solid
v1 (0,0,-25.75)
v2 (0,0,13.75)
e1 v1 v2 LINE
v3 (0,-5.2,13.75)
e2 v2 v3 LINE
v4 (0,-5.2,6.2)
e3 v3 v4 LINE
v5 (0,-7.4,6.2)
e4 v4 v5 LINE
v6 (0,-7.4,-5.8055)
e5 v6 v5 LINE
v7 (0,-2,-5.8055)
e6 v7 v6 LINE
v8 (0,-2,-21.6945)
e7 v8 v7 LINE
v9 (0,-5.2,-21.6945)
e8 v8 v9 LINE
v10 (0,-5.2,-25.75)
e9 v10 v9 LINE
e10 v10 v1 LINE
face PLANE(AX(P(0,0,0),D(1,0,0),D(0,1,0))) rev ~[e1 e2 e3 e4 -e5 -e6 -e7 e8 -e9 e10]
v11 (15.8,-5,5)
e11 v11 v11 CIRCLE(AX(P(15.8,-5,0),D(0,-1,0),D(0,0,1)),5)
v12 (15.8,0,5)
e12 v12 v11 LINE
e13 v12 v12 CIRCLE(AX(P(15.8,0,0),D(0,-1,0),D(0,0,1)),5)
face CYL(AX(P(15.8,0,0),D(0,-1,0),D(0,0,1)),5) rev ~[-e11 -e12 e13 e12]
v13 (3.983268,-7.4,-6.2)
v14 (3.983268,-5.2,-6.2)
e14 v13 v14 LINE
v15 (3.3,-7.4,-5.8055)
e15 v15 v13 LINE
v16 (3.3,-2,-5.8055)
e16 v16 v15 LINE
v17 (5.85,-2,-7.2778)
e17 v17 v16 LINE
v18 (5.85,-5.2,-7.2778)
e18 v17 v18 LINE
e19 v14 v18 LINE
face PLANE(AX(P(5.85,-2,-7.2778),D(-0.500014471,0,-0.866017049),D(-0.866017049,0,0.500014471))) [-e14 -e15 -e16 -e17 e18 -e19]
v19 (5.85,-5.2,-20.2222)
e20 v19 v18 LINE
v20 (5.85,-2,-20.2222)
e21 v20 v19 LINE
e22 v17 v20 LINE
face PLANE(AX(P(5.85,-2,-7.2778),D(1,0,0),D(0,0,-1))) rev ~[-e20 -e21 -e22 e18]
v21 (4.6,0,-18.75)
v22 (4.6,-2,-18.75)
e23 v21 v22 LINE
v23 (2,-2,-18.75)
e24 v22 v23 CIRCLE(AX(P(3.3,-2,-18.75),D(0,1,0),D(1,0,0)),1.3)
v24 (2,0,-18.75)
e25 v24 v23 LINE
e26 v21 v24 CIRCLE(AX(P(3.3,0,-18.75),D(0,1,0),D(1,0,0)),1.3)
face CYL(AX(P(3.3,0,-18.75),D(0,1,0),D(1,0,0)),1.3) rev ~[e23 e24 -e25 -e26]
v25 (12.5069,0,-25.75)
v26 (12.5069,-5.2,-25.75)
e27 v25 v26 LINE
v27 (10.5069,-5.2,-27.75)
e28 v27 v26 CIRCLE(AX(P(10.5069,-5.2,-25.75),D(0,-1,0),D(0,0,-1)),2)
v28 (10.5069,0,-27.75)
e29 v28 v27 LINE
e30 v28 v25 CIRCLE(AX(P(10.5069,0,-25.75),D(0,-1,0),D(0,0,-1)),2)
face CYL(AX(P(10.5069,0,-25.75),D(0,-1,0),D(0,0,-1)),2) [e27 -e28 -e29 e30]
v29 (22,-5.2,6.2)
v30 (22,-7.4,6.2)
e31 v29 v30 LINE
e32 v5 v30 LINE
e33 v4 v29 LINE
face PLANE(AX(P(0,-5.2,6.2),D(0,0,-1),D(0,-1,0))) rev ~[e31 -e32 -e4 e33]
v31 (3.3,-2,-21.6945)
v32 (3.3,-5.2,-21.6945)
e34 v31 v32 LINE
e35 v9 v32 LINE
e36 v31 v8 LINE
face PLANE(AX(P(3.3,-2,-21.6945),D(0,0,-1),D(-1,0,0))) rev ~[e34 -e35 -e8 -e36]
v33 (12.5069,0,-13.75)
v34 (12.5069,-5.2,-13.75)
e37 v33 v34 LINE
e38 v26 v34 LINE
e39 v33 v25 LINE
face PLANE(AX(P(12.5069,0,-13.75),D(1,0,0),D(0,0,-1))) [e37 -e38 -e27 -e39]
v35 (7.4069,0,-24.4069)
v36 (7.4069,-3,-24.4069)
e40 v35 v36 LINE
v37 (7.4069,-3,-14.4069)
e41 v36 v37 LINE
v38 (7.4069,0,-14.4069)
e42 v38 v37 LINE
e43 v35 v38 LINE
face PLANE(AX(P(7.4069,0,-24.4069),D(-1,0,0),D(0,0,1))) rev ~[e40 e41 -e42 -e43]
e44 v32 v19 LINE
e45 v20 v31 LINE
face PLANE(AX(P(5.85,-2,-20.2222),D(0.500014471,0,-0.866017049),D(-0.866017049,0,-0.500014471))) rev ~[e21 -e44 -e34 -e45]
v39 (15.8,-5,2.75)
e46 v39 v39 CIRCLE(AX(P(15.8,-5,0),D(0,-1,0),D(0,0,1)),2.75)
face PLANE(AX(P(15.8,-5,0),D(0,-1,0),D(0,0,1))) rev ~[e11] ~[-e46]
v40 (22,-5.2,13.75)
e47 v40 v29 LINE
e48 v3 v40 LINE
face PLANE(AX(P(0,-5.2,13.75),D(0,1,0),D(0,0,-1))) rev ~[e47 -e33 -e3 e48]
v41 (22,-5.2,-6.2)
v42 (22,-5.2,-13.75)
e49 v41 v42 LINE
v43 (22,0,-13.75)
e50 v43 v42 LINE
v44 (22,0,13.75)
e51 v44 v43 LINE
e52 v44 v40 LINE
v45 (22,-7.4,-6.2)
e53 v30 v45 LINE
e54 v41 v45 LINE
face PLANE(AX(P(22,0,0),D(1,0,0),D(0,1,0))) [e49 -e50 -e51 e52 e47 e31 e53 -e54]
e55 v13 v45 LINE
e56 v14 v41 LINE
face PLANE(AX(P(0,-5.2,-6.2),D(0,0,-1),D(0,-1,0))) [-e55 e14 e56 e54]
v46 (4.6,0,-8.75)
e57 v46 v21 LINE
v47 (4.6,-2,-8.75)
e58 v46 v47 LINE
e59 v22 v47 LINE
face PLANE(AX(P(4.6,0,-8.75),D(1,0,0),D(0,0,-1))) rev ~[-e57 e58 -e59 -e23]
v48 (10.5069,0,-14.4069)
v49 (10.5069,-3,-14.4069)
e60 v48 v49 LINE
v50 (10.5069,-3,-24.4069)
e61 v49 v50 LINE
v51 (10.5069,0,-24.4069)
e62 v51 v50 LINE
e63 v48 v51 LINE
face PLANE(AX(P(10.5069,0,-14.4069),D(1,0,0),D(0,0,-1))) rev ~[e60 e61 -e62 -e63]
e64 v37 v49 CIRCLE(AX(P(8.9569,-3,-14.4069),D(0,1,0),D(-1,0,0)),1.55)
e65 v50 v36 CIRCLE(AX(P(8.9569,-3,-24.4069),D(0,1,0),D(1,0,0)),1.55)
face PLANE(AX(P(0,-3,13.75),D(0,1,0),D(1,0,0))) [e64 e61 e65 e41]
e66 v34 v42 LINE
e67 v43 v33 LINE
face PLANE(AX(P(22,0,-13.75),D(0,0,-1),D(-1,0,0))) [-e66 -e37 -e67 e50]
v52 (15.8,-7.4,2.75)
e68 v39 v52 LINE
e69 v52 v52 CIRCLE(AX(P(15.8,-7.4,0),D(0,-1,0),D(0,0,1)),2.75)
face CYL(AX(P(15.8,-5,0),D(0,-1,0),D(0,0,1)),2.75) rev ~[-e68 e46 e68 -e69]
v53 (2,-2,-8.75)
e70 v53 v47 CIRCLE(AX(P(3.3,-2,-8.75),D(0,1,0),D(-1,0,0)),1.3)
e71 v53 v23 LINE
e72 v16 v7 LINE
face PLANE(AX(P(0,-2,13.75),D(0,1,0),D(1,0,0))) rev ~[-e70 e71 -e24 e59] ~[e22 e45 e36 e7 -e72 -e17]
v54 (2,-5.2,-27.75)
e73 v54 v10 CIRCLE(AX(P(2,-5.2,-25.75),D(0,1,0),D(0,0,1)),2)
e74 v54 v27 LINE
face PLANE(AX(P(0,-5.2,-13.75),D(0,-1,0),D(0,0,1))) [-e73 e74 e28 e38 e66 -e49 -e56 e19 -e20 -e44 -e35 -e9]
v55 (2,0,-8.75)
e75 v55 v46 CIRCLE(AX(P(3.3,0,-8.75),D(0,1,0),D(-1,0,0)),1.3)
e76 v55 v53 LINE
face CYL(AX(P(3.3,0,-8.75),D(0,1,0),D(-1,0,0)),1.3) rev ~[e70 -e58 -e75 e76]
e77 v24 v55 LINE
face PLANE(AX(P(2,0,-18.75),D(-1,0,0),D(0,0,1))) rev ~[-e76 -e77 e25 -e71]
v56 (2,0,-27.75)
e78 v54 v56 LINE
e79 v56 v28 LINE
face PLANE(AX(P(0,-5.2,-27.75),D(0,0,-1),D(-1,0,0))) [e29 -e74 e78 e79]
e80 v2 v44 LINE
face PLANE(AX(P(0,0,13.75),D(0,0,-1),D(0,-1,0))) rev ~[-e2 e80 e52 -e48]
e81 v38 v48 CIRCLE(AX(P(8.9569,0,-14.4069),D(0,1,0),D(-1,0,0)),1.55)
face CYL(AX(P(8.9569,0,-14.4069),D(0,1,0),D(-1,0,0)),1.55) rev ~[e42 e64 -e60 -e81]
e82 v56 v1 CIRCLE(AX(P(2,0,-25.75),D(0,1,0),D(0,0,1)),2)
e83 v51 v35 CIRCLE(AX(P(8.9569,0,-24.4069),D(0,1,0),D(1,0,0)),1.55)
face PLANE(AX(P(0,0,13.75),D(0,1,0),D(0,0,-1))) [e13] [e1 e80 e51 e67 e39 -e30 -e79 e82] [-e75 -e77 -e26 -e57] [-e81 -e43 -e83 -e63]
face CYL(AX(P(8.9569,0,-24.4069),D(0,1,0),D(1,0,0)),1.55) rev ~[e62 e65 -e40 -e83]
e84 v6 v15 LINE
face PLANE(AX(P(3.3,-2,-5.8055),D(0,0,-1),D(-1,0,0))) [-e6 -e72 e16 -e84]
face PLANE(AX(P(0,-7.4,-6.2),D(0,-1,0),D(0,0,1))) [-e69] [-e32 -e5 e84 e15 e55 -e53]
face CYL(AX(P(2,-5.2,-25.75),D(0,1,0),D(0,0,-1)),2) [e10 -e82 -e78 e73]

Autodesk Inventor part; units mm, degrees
ref_plane "YZ Plane" through (0, 0, 0) normal (1, 0, 0) x (0, 1, 0)
ref_plane "XZ Plane" through (0, 0, 0) normal (0, 1, 0) x (-1, 0, 0)
ref_plane "XY Plane" through (0, 0, 0) normal (0, 0, 1) x (1, 0, 0)
sketch "Sketch1" plane through (0, 0, 0) normal (1, 0, 0) x (0, 1, 0)
  line L0 (0, 13.75) -> (-5.2, 13.75)
  line L1 (-5.2, 13.75) -> (-5.2, 6.2)
  line L2 (-5.2, 6.2) -> (-7.4, 6.2)
  line L3 (-7.4, 6.2) -> (-7.4, 2.5)
  line L4 (-7.4, 2.5) -> (-13.4, 2.5) construction
  line L5 (-13.4, 2.5) -> (-13.4, -1.6142) construction
  line L6 (-16.08, 0) -> (2.68, 0) construction
  line L7 (0, -13.75) -> (-5.2, -13.75)
  line L8 (-5.2, -13.75) -> (-5.2, -6.2)
  line L9 (-5.2, -6.2) -> (-7.4, -6.2)
  line L10 (-7.4, -6.2) -> (-7.4, -2.5)
  line L11 (-7.4, -2.5) -> (-13.4, -2.5) construction
  line L12 (-13.4, -2.5) -> (-13.4, -1.6142) construction
  line L13 (0, 13.75) -> (0, -13.75)
  line L14 (-7.4, 2.5) -> (-7.4, -2.5)
  point P0 (0, 0)
  dimension "d1" = 5
  dimension "d2" = 3.7
  dimension "d3" = 6
  dimension "d4" = 2.2
  dimension "d5" = 5.2
  dimension "d52" = 27.5
  dimension "d53" = 7.55
extrude "Extrusion1" add sketch "Sketch1" along normal blind 22
sketch "Sketch2" plane through (0, -5.2, -13.75) normal (0, 0, -1) x (-1, 0, 0)
  line L0 (0, 0) -> (0, 5.2) projected
  line L1 (0, 5.2) -> (-22, 5.2) projected
  line L2 (-22, 0) -> (-22, 5.2) projected
  line L3 (0, 0) -> (-22, 0) projected
  point P0 (0, 5.2)
extrude "Extrusion2" add sketch "Sketch2" along normal blind 14
sketch "Sketch3" plane through (0, 0, 13.75) normal (0, 1, 0) x (1, 0, 0)
  circle A0 centre (3.3, 22.5) radius 1.3 construction
  circle A1 centre (8.9569, 28.1569) radius 1.55 construction
  line L0 (3.3, 22.5) -> (8.9569, 28.1569) construction
  line L1 (8.9569, 28.1569) -> (2.1344, 28.1569) construction
  line L2 (0, 0) -> (22, 0) construction
  line L3 (22, 41.5) -> (0, 41.5) construction
  line L4 (3.3, 22.5) -> (3.3, 32.5) construction
  line L5 (8.9569, 28.1569) -> (8.9569, 38.1569) construction
  line L6 (0, 0) -> (0, 41.5) projected
  point P0 (0, 13.75)
  point P1 (6.1284, 25.3284)
  point P2 (3.3, 27.5)
  point P3 (0, 19.95)
  point P4 (0, 27.5)
  point P5 (0, 27.5)
  point P6 (0, 27.5)
  dimension "d10" = 2.6
  dimension "d11" = 3.1
  dimension "d12" = 45
  dimension "d17" = 5
  dimension "d43" = 3.3
  dimension "d44" = 8
  dimension "d46" = 0
sketch "Sketch4" plane through (0, 0, 13.75) normal (0, 1, 0) x (1, 0, 0)
  line L0 (8.9569, 28.1569) -> (8.9569, 38.1569) construction
  line L1 (3.3, 22.5) -> (3.3, 32.5) construction
  line L2 (8.9569, 28.1569) -> (8.9569, 38.1569) construction
  line L3 (10.5069, 28.1569) -> (10.5069, 38.1569)
  line L4 (7.4069, 38.1569) -> (7.4069, 28.1569)
  arc A0 (7.4069, 28.1569) -> (10.5069, 28.1569) centre (8.9569, 28.1569) ccw
  arc A1 (10.5069, 38.1569) -> (7.4069, 38.1569) centre (8.9569, 38.1569) ccw
  circle A2 centre (8.9569, 28.1569) radius 1.55 construction
  circle A3 centre (3.3, 22.5) radius 1.3 construction
  line L5 (3.3, 22.5) -> (3.3, 32.5) construction
  line L6 (4.6, 22.5) -> (4.6, 32.5)
  line L7 (2, 32.5) -> (2, 22.5)
  arc A4 (2, 22.5) -> (4.6, 22.5) centre (3.3, 22.5) ccw
  arc A5 (4.6, 32.5) -> (2, 32.5) centre (3.3, 32.5) ccw
  point P0 (0, 13.75)
  point P1 (8.9569, 33.1569)
  point P2 (3.3, 27.5)
extrude "Extrusion3" cut sketch "Sketch4" against normal blind 3
sketch "Sketch5" plane through (0, 0, 13.75) normal (0, 1, 0) x (1, 0, 0)
  point P0 (0, 13.75)
ref_plane "Work Plane1" through (0, -2, 13.75) normal (0, 1, 0) x (1, 0, 0)
sketch "Sketch6" plane through (0, -2, 13.75) normal (0, 1, 0) x (1, 0, 0)
  line L0 (0.75, 23.9722) -> (3.3, 25.4445) construction
  line L1 (3.3, 25.4445) -> (5.85, 23.9722) construction
  line L2 (5.85, 23.9722) -> (5.85, 21.0278) construction
  line L3 (5.85, 21.0278) -> (3.3, 19.5555)
  line L4 (0.75, 21.0278) -> (0.75, 23.9722) construction
  line L5 (2, 22.5) -> (2, 32.5) construction
  line L6 (2, 27.5) -> (4.6, 27.5) construction
  line L7 (4.6, 32.5) -> (4.6, 22.5) construction
  line L8 (5.85, 33.9722) -> (3.3, 35.4445)
  line L9 (5.85, 21.0278) -> (5.85, 33.9722)
  line L10 (3.3, 19.5555) -> (0, 19.5555)
  line L11 (0, 7.55) -> (0, 19.95) projected
  line L12 (3.3, 35.4445) -> (0, 35.4445)
  line L13 (0, 0) -> (0, 41.5) projected
  line L14 (0, 19.5555) -> (0, 35.4445)
  point P0 (0, 13.75)
  point P1 (3.3, 22.5)
  point P2 (3.3, 22.5)
  point P3 (3.3, 27.5)
  point P4 (0, 11.25)
  dimension "d21" = 5.1
extrude "Extrusion4" cut sketch "Sketch6" against normal through all
sketch "Sketch7" plane through (0, 0, 13.75) normal (0, 1, 0) x (1, 0, 0)
  line L0 (32.7, 13.75) -> (-26.1, 13.75) construction
  circle A0 centre (15.8, 13.75) radius 4.5
  line L1 (22, 0) -> (22, 41.5) projected
  circle A1 centre (3.3, 22.5) radius 7 construction
  line L2 (0, 0) -> (22, 0) construction
  line L3 (10.3, 0) -> (10.3, 41.5) construction
  line L4 (22, 41.5) -> (0, 41.5) construction
  line L5 (11.3, 0) -> (11.3, 41.5) construction
  point P0 (0, 13.75)
  dimension "d24" = 9
  dimension "d39" = 14
  dimension "d41" = 1
hole "Hole1" at (15.8, 0, 0) direction (0, -1, 0) diameter 5.5 end through all counterbore diameter 10 counterbore depth 5 clearance for "Socket Head Cap Screw ISO 4762" size "M5" standard "ISO"
sketch "Sketch9" plane through (0, 0, 13.75) normal (0, 1, 0) x (1, 0, 0)
  line L0 (22, 19.95) -> (22, 41.5) projected
  line L1 (22, 27.5) -> (12.5069, 27.5)
  line L2 (12.5069, 27.5) -> (12.5069, 41.5)
  line L3 (12.5069, 41.5) -> (22, 41.5)
  line L4 (22, 41.5) -> (22, 27.5)
  line L5 (10.5069, 38.1569) -> (10.5069, 28.1569) projected
  line L6 (0, 41.5) -> (22, 41.5) projected
  point P0 (0, 13.75)
  point P1 (10.5069, 37.5)
  point P2 (0, 27.5)
  point P3 (0, 27.5)
  point P4 (0, 27.5)
  dimension "d45" = 2
extrude "Extrusion6" cut sketch "Sketch9" against normal through all
fillet "Fillet1" radius 2 1 edges at (12.5069, -2.6, -27.75)
fillet "Fillet2" radius 2 1 edges at (0, -2.6, -27.75)
sketch "Sketch10" plane through (0, 0, 13.75) normal (0, 1, 0) x (1, 0, 0)
  circle A0 centre (3.3, 22.5) radius 21 construction
  point P0 (0, 13.75)
  dimension "d51" = 42
properties part number "Dreiwegehahn_Montage45"
